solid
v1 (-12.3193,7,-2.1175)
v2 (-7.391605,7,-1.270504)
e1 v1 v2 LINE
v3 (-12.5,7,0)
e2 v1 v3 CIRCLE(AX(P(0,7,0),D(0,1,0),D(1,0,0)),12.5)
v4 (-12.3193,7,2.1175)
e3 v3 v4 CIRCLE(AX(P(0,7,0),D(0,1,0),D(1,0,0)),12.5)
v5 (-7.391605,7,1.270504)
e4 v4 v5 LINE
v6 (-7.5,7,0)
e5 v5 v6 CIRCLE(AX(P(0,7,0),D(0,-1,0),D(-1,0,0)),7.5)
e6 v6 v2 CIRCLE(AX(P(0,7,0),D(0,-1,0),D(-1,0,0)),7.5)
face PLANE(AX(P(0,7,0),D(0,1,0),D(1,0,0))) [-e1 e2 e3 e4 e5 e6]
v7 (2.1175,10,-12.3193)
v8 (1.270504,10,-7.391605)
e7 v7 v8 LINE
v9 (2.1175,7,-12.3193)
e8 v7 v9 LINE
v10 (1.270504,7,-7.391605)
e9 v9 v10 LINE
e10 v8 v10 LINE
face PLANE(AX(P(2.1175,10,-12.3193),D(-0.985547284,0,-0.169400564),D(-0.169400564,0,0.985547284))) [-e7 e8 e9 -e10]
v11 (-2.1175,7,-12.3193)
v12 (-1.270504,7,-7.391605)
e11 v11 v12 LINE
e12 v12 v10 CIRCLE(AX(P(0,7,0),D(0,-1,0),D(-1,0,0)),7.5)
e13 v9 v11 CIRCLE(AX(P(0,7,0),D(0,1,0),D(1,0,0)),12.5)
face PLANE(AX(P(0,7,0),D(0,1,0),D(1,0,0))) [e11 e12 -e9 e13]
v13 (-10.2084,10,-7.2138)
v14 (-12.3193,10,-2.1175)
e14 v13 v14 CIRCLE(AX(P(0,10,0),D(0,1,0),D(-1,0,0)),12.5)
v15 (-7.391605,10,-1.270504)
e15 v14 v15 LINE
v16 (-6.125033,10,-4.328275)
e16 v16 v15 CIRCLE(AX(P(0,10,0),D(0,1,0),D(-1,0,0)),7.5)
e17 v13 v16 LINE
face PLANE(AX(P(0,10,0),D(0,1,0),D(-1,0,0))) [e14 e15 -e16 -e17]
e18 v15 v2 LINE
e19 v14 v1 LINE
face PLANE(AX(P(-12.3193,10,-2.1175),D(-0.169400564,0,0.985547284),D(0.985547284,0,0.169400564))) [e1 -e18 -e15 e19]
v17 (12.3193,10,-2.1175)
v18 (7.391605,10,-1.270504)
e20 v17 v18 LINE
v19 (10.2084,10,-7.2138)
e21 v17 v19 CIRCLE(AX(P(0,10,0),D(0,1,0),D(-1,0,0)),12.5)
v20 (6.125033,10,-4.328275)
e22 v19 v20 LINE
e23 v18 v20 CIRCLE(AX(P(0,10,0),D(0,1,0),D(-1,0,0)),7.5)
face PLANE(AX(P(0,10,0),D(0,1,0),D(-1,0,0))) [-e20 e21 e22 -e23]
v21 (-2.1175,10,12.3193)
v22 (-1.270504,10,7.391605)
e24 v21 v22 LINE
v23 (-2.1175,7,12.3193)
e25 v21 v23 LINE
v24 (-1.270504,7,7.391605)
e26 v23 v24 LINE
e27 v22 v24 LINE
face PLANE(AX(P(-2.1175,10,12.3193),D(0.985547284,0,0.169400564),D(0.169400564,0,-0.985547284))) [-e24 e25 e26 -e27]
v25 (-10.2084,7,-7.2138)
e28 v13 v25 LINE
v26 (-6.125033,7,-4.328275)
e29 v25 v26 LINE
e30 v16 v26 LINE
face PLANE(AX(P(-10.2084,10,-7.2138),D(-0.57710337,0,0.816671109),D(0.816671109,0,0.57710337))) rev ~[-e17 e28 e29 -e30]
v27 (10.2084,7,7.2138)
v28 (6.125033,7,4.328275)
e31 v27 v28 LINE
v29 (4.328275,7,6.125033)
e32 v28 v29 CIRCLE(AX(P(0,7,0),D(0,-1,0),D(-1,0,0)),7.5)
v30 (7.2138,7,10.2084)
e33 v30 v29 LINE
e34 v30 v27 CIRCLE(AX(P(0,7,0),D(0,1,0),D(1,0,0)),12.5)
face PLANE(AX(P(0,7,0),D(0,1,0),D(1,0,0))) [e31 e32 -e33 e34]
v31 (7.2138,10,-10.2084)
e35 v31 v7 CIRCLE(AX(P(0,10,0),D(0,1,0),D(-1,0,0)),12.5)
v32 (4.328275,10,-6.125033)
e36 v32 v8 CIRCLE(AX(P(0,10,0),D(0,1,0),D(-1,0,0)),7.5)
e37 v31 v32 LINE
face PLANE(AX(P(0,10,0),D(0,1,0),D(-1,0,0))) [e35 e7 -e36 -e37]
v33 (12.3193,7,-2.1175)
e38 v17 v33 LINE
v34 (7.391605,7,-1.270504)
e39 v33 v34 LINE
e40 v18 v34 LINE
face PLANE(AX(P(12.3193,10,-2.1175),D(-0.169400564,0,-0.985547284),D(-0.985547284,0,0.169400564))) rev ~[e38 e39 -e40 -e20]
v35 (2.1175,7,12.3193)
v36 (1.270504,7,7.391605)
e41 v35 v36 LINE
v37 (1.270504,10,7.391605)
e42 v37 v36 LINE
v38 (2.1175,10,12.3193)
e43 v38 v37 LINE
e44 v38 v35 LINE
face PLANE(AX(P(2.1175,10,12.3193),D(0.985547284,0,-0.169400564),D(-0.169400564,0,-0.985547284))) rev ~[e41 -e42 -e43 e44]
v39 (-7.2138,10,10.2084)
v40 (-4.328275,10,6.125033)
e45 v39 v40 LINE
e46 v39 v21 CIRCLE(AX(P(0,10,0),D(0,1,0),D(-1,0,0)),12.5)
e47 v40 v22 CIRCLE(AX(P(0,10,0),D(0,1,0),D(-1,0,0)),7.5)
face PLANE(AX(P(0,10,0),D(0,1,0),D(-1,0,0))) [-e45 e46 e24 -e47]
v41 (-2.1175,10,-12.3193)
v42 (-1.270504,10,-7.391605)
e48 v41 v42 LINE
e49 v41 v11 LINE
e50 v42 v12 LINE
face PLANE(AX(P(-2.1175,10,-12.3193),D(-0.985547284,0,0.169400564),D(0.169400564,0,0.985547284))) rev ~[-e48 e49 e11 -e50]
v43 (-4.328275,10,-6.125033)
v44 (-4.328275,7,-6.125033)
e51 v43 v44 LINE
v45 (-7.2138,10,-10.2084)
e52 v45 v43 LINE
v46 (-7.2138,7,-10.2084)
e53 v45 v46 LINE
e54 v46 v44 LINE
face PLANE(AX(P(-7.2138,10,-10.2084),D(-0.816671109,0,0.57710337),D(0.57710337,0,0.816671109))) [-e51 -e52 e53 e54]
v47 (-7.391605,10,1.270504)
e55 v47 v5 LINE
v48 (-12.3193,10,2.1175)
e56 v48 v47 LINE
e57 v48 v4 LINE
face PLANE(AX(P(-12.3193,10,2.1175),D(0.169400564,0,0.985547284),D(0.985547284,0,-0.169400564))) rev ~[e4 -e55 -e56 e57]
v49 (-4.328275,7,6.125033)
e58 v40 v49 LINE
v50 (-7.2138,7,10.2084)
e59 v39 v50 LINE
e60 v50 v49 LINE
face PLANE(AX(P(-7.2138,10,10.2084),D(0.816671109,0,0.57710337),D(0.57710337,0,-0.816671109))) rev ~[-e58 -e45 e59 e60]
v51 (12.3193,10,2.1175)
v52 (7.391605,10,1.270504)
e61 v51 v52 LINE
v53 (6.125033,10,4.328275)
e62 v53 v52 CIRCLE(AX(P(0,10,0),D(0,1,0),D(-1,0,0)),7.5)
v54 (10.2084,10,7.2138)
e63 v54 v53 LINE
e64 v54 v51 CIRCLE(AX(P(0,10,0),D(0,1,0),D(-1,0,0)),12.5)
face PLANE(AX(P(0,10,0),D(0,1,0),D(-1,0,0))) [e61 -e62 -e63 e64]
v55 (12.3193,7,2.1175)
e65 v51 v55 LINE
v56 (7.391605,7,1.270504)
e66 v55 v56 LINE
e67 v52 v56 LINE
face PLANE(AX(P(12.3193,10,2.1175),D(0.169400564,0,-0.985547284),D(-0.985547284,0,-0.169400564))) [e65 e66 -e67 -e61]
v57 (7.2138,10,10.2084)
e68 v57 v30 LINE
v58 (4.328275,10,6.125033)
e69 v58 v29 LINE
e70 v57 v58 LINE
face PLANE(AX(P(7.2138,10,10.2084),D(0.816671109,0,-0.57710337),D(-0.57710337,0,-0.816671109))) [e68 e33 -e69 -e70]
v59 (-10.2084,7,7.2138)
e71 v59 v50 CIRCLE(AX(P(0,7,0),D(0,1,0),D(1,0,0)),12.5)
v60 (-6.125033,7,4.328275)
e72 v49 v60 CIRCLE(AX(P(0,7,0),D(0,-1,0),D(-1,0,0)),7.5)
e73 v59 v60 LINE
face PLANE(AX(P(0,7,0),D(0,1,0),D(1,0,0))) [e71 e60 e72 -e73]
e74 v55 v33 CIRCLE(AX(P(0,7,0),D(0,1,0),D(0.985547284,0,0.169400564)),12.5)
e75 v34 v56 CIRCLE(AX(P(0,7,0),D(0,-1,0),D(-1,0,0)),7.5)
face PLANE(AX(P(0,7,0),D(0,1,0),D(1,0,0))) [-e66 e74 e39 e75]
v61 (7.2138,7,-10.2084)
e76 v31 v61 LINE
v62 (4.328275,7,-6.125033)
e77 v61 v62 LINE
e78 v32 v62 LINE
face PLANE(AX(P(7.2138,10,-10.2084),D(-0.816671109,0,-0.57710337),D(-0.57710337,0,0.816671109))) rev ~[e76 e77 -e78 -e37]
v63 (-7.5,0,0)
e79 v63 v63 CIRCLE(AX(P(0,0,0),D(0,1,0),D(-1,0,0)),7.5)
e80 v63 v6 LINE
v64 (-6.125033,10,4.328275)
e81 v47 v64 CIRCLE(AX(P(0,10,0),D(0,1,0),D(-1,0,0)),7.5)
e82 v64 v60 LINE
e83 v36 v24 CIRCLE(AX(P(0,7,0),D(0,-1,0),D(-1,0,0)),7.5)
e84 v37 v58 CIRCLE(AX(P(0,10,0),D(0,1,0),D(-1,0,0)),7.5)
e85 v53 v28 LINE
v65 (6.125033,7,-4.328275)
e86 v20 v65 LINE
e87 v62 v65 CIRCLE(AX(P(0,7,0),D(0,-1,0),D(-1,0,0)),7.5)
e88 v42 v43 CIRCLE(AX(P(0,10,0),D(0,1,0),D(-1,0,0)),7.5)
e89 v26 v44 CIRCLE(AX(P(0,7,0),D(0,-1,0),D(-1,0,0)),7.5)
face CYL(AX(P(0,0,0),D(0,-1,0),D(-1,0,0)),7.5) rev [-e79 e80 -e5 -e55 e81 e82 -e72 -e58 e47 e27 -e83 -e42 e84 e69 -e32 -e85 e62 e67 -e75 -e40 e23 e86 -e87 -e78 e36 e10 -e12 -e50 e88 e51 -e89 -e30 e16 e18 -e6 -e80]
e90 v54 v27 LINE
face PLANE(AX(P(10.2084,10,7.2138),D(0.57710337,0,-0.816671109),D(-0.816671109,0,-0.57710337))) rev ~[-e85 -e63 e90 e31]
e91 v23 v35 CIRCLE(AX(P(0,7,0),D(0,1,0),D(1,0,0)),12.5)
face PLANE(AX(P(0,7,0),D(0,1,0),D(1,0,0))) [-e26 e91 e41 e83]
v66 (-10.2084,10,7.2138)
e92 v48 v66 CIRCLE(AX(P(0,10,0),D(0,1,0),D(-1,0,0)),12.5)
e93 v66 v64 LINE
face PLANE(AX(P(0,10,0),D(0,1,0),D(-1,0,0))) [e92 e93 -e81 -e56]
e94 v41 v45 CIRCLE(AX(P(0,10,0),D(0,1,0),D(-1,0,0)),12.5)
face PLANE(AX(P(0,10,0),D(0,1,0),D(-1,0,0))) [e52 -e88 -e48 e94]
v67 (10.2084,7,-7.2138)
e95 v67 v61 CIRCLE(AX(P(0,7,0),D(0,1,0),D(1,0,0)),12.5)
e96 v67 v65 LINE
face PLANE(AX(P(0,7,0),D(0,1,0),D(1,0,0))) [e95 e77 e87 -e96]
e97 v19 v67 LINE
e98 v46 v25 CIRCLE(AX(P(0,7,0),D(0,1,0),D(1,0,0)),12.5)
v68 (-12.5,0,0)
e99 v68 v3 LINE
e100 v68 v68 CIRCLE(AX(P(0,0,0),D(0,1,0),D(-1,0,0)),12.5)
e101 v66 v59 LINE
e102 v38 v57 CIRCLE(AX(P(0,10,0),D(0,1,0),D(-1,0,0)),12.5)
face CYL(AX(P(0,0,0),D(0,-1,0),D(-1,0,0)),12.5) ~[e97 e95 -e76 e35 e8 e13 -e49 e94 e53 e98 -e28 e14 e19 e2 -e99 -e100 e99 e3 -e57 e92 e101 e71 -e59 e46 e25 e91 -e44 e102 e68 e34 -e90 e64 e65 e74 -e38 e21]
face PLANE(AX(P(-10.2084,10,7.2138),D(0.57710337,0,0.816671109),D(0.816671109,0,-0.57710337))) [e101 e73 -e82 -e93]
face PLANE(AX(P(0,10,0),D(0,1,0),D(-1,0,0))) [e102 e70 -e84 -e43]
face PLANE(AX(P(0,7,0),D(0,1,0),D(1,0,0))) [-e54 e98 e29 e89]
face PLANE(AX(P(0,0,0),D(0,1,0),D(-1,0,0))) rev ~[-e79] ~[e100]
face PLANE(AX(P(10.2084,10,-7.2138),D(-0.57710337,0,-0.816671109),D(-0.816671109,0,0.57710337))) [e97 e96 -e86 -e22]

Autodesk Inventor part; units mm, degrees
ref_plane "YZ Plane" through (0, 0, 0) normal (1, 0, 0) x (0, 1, 0)
ref_plane "XZ Plane" through (0, 0, 0) normal (0, 1, 0) x (-1, 0, 0)
ref_plane "XY Plane" through (0, 0, 0) normal (0, 0, 1) x (1, 0, 0)
sketch "Эскиз1" plane through (0, 0, 0) normal (0, 1, 0) x (-1, 0, 0)
  circle A0 centre (0, 0) radius 12.5
  circle A1 centre (0, 0) radius 7.5
  dimension "d0" = 25
  dimension "d1" = 15
extrude "Выдавливание1" add sketch "Эскиз1" along normal blind 10
sketch "Эскиз2" plane through (0, 10, 0) normal (0, 1, 0) x (1, 0, 0)
  circle A0 centre (0, 0) radius 12.5 projected
  line L0 (-2.1175, 12.3193) -> (0, 0)
  line L1 (2.1175, 12.3193) -> (0, 0)
  line L2 (-10.2084, 7.2138) -> (0, 0)
  line L3 (-7.2138, 10.2084) -> (0, 0)
  line L4 (-12.3193, -2.1175) -> (0, 0)
  line L5 (-12.3193, 2.1175) -> (0, 0)
  line L6 (-7.2138, -10.2084) -> (0, 0)
  line L7 (-10.2084, -7.2138) -> (0, 0)
  line L8 (2.1175, -12.3193) -> (0, 0)
  line L9 (-2.1175, -12.3193) -> (0, 0)
  line L10 (10.2084, -7.2138) -> (0, 0)
  line L11 (7.2138, -10.2084) -> (0, 0)
  line L12 (12.3193, 2.1175) -> (0, 0)
  line L13 (12.3193, -2.1175) -> (0, 0)
  line L14 (7.2138, 10.2084) -> (0, 0)
  line L15 (10.2084, 7.2138) -> (0, 0)
  dimension "d6" = 360
extrude "Выдавливание2" cut sketch "Эскиз2" against normal blind 3 contours A0 L13 L12 | L15 L14 A0 | L0 A0 L1 | L2 A0 L3 | L4 A0 L5 | L6 A0 L7 | L8 A0 L9 | L10 A0 L11
properties part number "pawn"
